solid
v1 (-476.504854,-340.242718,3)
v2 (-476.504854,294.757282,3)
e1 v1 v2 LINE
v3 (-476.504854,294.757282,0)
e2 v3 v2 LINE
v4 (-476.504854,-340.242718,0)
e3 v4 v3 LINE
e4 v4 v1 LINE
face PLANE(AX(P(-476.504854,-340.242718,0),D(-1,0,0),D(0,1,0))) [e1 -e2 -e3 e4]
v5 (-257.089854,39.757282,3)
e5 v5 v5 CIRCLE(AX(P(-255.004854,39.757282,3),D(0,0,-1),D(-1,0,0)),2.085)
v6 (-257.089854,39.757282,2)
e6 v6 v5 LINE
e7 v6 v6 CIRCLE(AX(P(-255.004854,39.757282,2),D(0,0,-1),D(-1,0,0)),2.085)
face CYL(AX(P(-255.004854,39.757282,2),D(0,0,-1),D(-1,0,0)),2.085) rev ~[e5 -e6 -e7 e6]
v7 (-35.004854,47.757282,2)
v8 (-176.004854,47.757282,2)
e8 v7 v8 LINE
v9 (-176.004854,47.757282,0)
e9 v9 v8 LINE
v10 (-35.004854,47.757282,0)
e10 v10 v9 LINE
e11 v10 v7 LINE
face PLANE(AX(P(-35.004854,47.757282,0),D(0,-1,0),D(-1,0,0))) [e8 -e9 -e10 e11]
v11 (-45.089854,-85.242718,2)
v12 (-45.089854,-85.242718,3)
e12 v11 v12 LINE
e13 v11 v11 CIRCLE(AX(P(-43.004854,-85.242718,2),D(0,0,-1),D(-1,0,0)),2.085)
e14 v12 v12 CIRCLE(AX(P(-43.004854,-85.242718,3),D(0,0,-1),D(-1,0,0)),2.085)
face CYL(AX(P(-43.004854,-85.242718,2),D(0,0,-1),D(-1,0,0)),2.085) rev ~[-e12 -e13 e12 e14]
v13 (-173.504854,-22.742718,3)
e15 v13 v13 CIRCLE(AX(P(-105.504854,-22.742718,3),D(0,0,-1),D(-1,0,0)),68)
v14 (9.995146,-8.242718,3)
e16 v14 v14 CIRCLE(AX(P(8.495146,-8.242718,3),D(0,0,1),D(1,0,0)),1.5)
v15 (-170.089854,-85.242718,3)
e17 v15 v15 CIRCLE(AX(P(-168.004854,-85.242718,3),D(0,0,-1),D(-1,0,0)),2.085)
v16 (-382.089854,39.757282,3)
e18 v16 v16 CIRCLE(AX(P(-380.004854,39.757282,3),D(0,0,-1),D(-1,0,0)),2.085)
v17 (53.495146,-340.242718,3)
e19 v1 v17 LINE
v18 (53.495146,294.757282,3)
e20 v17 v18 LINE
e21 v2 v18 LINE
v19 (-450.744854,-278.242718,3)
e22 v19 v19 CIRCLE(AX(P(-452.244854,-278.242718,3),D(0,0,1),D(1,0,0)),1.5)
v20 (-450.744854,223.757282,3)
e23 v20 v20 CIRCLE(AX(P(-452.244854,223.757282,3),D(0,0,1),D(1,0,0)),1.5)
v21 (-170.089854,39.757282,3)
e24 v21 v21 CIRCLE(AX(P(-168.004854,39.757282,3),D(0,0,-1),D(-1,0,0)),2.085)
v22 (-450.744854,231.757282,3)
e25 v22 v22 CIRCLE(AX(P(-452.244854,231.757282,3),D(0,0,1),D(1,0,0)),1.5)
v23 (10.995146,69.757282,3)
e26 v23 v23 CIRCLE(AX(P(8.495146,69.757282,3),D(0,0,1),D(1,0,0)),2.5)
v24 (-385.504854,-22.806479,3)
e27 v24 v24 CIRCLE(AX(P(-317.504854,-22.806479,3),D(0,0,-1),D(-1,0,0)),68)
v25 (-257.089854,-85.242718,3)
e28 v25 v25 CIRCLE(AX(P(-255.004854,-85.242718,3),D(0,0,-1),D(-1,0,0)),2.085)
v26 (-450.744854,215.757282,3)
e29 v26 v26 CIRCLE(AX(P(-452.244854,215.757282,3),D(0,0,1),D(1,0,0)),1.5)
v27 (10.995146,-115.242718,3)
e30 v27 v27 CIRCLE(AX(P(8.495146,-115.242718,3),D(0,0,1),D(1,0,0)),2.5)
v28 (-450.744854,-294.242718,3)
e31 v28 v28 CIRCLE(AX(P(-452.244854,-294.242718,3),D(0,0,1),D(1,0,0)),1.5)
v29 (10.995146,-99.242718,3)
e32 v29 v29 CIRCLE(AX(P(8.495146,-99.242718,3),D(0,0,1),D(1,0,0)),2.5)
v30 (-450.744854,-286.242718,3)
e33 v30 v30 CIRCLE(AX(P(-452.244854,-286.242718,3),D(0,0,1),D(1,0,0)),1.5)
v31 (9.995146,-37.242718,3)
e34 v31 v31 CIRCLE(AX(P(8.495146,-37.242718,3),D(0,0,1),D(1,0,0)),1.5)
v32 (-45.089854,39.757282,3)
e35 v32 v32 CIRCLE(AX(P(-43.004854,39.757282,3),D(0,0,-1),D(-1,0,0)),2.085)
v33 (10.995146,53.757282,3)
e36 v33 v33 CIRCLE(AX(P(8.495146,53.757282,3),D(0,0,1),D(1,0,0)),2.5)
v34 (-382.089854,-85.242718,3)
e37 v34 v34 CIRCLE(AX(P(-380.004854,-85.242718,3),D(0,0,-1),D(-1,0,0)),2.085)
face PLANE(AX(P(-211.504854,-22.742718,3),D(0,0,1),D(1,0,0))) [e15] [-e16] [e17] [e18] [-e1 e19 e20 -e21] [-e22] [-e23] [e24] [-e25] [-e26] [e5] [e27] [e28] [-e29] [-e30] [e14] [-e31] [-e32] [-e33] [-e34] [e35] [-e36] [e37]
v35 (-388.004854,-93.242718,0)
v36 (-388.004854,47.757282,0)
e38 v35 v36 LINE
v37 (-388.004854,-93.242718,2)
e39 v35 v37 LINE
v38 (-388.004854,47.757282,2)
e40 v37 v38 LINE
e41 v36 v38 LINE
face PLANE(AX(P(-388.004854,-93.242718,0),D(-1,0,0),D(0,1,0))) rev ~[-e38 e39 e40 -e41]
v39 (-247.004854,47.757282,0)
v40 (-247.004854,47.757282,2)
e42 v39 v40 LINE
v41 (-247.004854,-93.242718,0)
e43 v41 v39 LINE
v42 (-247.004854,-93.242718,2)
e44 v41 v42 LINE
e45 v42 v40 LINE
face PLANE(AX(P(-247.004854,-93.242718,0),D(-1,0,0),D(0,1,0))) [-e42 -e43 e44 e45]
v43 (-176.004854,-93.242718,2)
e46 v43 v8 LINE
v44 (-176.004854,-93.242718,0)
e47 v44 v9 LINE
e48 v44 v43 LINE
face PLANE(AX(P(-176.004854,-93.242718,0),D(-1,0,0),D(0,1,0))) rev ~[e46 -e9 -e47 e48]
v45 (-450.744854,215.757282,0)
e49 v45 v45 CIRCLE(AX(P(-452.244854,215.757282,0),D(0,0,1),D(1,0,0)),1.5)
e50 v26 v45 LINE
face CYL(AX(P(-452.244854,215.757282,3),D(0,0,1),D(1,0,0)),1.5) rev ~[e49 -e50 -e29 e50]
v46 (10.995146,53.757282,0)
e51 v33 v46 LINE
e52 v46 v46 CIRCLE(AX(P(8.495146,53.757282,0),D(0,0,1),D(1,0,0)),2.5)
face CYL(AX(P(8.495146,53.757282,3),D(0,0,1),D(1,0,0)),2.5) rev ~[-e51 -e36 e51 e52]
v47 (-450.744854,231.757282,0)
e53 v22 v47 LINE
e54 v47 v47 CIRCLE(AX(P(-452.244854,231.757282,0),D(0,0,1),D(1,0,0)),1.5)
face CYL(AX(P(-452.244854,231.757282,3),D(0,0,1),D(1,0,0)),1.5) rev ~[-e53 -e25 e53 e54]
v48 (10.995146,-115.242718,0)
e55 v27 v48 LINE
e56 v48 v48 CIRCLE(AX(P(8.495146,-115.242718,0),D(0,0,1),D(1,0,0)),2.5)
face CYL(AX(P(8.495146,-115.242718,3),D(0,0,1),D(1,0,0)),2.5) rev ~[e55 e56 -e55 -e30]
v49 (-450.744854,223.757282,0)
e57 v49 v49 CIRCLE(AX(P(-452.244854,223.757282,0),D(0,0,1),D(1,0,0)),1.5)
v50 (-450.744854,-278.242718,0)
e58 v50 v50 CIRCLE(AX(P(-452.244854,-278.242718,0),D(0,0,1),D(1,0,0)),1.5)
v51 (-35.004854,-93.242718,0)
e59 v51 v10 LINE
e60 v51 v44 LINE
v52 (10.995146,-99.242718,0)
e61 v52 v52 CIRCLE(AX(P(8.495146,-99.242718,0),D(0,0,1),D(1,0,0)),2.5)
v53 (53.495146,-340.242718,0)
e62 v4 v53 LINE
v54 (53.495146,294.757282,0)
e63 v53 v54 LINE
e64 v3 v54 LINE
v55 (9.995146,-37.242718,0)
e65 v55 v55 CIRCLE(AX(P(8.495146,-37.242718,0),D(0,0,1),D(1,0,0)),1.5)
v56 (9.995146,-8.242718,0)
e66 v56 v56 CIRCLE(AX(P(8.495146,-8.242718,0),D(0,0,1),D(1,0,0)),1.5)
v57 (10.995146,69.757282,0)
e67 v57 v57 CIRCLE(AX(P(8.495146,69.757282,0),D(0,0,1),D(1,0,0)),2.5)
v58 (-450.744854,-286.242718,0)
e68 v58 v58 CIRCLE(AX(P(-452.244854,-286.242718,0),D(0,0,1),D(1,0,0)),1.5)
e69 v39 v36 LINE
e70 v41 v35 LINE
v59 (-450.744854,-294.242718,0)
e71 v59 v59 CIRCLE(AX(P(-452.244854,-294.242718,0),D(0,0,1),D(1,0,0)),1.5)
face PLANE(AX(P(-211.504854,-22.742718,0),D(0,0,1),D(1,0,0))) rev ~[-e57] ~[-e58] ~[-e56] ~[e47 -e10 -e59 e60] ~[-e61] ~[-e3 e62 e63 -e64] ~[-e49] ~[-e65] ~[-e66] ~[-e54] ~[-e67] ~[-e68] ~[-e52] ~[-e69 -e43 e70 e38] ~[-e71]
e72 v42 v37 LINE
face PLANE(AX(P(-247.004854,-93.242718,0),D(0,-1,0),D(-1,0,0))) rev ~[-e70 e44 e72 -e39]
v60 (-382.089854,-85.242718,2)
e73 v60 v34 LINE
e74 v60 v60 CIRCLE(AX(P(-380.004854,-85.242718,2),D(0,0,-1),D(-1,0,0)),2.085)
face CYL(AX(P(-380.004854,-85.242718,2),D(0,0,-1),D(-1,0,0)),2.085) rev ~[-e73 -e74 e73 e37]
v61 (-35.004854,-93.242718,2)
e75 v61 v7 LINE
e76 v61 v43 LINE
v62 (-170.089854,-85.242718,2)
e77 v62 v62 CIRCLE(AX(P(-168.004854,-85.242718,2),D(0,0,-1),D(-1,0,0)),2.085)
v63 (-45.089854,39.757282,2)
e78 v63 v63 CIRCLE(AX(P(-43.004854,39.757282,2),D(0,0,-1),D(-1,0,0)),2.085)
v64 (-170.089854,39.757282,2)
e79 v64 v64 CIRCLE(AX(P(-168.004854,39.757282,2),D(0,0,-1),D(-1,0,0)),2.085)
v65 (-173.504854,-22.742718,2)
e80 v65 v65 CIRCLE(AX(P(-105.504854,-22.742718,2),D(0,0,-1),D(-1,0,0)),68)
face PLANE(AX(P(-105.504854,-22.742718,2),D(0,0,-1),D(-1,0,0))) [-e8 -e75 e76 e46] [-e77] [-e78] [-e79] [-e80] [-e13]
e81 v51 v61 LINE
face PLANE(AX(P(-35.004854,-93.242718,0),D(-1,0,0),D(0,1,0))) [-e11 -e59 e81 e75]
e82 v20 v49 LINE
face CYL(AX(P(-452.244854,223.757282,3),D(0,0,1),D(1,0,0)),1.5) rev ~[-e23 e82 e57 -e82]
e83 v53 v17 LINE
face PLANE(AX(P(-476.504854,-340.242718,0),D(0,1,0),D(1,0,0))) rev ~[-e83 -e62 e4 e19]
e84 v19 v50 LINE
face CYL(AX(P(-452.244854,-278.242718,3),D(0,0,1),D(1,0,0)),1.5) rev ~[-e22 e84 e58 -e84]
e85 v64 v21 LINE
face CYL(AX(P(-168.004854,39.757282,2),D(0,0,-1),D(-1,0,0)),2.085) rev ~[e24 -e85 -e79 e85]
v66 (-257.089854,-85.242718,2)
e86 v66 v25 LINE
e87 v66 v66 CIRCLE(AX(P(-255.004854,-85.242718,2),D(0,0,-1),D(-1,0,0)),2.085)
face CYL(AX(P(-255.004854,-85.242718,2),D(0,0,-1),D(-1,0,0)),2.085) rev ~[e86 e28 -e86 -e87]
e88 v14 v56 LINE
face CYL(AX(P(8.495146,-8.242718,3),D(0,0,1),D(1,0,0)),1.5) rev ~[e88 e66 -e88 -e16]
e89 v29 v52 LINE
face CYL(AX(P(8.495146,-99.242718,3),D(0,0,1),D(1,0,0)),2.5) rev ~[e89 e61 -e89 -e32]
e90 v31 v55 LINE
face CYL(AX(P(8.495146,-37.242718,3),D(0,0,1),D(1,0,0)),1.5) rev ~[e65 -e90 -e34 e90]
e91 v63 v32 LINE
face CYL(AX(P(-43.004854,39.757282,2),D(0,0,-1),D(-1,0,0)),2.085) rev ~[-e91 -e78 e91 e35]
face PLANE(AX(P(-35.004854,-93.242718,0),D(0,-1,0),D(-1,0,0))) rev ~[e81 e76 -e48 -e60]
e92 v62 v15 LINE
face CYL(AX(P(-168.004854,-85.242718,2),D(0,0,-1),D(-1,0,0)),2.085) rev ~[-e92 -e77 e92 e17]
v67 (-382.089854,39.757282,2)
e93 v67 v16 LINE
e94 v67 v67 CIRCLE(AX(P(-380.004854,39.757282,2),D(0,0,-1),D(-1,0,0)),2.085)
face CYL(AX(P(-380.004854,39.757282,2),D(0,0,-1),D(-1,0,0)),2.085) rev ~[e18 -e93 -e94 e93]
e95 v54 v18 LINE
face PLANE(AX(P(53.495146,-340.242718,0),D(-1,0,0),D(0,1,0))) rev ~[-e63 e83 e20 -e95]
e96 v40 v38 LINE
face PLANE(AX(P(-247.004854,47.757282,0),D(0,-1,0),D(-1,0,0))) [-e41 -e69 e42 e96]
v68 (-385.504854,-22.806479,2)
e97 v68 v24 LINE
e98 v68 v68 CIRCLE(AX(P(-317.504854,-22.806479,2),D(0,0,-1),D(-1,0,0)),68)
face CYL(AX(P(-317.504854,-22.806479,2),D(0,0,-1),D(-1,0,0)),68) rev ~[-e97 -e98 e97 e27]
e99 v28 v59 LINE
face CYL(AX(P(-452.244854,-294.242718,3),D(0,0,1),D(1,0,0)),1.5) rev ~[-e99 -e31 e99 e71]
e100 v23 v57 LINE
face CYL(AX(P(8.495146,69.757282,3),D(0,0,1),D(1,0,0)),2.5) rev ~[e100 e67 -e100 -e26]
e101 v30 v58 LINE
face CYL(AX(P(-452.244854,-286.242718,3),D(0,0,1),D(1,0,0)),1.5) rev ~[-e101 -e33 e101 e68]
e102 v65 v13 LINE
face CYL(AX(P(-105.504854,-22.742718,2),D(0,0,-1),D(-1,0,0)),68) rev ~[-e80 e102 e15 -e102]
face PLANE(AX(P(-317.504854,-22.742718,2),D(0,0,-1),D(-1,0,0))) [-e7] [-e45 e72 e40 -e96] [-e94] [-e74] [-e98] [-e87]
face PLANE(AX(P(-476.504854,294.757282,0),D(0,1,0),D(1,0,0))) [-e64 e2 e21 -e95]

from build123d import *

# Parameters (mm, degrees)
SKETCH1_W           = 530
SKETCH1_H           = 635
BOSS_EXTRUDE1_DEPTH = 3
SKETCH2_R           = 1.5
CUT_EXTRUDE1_DEPTH  = 586.517705704
SKETCH3_R           = 2.5
SKETCH3_R_2         = 1.5
CUT_EXTRUDE2_DEPTH  = 586.517705704
SKETCH13_W          = 141
SKETCH13_H          = 141
CUT_EXTRUDE20_DEPTH = 2
SKETCH14_R          = 2.085
SKETCH14_R_2        = 68
CUT_EXTRUDE21_DEPTH = 586.513435963
SKETCH15_R          = 2.085
SKETCH15_R_2        = 68
CUT_EXTRUDE22_DEPTH = 586.513435963


with BuildPart() as part:
    # Sketch1 → Boss-Extrude1 (new body)
    with BuildSketch(Plane.XY):
        with Locations((-211.504854369, -22.742718447)):
            Rectangle(SKETCH1_W, SKETCH1_H)
    extrude(amount=BOSS_EXTRUDE1_DEPTH)

    # Sketch2 → Cut-Extrude1 (cut, through all)
    with BuildSketch(Plane.XY.offset(3)):
        with Locations((-452.244854369, 231.757281553)):
            Circle(SKETCH2_R)
        with Locations((-452.244854369, 223.757281553)):
            Circle(SKETCH2_R)
        with Locations((-452.244854369, 215.757281553)):
            Circle(SKETCH2_R)
        with Locations((-452.244854369, -278.242718447)):
            Circle(SKETCH2_R)
        with Locations((-452.244854369, -286.242718447)):
            Circle(SKETCH2_R)
        with Locations((-452.244854369, -294.242718447)):
            Circle(SKETCH2_R)
    extrude(amount=-CUT_EXTRUDE1_DEPTH, mode=Mode.SUBTRACT)

    # Sketch3 → Cut-Extrude2 (cut, through all)
    with BuildSketch(Plane.XY.offset(3)):
        with Locations((8.495145631, 69.757281553)):
            Circle(SKETCH3_R)
        with Locations((8.495145631, 53.757281553)):
            Circle(SKETCH3_R)
        with Locations((8.495145631, -99.242718447)):
            Circle(SKETCH3_R)
        with Locations((8.495145631, -115.242718447)):
            Circle(SKETCH3_R)
        with Locations((8.495145631, -8.242718447)):
            Circle(SKETCH3_R_2)
        with Locations((8.495145631, -37.242718447)):
            Circle(SKETCH3_R_2)
    extrude(amount=-CUT_EXTRUDE2_DEPTH, mode=Mode.SUBTRACT)

    # Sketch13 → Cut-Extrude20 (cut)
    with BuildSketch(Plane(origin=(0, 0, 0), x_dir=(-1, 0, 0), z_dir=(0, 0, -1))):
        with Locations((105.504854369, -22.742718447)):
            Rectangle(SKETCH13_W, SKETCH13_H)
        with Locations((317.504854369, -22.742718447)):
            Rectangle(SKETCH13_W, SKETCH13_H)
    extrude(amount=-CUT_EXTRUDE20_DEPTH, mode=Mode.SUBTRACT)

    # Sketch14 → Cut-Extrude21 (cut, through all)
    with BuildSketch(Plane(origin=(0, 0, 2), x_dir=(-1, 0, 0), z_dir=(0, 0, -1))):
        with Locations((43.004854369, 39.757281553)):
            Circle(SKETCH14_R)
        with Locations((168.004854369, 39.757281553)):
            Circle(SKETCH14_R)
        with Locations((43.004854369, -85.242718447)):
            Circle(SKETCH14_R)
        with Locations((168.004854369, -85.242718447)):
            Circle(SKETCH14_R)
        with Locations((105.504854369, -22.742718447)):
            Circle(SKETCH14_R_2)
    extrude(amount=-CUT_EXTRUDE21_DEPTH, mode=Mode.SUBTRACT)

    # Sketch15 → Cut-Extrude22 (cut, through all)
    with BuildSketch(Plane(origin=(0, 0, 2), x_dir=(-1, 0, 0), z_dir=(0, 0, -1))):
        with Locations((255.004854369, 39.757281553)):
            Circle(SKETCH15_R)
        with Locations((380.004854369, 39.757281553)):
            Circle(SKETCH15_R)
        with Locations((255.004854369, -85.242718447)):
            Circle(SKETCH15_R)
        with Locations((380.004854369, -85.242718447)):
            Circle(SKETCH15_R)
        with Locations((317.504854369, -22.80647888)):
            Circle(SKETCH15_R_2)
    extrude(amount=-CUT_EXTRUDE22_DEPTH, mode=Mode.SUBTRACT)


solid = part.part
